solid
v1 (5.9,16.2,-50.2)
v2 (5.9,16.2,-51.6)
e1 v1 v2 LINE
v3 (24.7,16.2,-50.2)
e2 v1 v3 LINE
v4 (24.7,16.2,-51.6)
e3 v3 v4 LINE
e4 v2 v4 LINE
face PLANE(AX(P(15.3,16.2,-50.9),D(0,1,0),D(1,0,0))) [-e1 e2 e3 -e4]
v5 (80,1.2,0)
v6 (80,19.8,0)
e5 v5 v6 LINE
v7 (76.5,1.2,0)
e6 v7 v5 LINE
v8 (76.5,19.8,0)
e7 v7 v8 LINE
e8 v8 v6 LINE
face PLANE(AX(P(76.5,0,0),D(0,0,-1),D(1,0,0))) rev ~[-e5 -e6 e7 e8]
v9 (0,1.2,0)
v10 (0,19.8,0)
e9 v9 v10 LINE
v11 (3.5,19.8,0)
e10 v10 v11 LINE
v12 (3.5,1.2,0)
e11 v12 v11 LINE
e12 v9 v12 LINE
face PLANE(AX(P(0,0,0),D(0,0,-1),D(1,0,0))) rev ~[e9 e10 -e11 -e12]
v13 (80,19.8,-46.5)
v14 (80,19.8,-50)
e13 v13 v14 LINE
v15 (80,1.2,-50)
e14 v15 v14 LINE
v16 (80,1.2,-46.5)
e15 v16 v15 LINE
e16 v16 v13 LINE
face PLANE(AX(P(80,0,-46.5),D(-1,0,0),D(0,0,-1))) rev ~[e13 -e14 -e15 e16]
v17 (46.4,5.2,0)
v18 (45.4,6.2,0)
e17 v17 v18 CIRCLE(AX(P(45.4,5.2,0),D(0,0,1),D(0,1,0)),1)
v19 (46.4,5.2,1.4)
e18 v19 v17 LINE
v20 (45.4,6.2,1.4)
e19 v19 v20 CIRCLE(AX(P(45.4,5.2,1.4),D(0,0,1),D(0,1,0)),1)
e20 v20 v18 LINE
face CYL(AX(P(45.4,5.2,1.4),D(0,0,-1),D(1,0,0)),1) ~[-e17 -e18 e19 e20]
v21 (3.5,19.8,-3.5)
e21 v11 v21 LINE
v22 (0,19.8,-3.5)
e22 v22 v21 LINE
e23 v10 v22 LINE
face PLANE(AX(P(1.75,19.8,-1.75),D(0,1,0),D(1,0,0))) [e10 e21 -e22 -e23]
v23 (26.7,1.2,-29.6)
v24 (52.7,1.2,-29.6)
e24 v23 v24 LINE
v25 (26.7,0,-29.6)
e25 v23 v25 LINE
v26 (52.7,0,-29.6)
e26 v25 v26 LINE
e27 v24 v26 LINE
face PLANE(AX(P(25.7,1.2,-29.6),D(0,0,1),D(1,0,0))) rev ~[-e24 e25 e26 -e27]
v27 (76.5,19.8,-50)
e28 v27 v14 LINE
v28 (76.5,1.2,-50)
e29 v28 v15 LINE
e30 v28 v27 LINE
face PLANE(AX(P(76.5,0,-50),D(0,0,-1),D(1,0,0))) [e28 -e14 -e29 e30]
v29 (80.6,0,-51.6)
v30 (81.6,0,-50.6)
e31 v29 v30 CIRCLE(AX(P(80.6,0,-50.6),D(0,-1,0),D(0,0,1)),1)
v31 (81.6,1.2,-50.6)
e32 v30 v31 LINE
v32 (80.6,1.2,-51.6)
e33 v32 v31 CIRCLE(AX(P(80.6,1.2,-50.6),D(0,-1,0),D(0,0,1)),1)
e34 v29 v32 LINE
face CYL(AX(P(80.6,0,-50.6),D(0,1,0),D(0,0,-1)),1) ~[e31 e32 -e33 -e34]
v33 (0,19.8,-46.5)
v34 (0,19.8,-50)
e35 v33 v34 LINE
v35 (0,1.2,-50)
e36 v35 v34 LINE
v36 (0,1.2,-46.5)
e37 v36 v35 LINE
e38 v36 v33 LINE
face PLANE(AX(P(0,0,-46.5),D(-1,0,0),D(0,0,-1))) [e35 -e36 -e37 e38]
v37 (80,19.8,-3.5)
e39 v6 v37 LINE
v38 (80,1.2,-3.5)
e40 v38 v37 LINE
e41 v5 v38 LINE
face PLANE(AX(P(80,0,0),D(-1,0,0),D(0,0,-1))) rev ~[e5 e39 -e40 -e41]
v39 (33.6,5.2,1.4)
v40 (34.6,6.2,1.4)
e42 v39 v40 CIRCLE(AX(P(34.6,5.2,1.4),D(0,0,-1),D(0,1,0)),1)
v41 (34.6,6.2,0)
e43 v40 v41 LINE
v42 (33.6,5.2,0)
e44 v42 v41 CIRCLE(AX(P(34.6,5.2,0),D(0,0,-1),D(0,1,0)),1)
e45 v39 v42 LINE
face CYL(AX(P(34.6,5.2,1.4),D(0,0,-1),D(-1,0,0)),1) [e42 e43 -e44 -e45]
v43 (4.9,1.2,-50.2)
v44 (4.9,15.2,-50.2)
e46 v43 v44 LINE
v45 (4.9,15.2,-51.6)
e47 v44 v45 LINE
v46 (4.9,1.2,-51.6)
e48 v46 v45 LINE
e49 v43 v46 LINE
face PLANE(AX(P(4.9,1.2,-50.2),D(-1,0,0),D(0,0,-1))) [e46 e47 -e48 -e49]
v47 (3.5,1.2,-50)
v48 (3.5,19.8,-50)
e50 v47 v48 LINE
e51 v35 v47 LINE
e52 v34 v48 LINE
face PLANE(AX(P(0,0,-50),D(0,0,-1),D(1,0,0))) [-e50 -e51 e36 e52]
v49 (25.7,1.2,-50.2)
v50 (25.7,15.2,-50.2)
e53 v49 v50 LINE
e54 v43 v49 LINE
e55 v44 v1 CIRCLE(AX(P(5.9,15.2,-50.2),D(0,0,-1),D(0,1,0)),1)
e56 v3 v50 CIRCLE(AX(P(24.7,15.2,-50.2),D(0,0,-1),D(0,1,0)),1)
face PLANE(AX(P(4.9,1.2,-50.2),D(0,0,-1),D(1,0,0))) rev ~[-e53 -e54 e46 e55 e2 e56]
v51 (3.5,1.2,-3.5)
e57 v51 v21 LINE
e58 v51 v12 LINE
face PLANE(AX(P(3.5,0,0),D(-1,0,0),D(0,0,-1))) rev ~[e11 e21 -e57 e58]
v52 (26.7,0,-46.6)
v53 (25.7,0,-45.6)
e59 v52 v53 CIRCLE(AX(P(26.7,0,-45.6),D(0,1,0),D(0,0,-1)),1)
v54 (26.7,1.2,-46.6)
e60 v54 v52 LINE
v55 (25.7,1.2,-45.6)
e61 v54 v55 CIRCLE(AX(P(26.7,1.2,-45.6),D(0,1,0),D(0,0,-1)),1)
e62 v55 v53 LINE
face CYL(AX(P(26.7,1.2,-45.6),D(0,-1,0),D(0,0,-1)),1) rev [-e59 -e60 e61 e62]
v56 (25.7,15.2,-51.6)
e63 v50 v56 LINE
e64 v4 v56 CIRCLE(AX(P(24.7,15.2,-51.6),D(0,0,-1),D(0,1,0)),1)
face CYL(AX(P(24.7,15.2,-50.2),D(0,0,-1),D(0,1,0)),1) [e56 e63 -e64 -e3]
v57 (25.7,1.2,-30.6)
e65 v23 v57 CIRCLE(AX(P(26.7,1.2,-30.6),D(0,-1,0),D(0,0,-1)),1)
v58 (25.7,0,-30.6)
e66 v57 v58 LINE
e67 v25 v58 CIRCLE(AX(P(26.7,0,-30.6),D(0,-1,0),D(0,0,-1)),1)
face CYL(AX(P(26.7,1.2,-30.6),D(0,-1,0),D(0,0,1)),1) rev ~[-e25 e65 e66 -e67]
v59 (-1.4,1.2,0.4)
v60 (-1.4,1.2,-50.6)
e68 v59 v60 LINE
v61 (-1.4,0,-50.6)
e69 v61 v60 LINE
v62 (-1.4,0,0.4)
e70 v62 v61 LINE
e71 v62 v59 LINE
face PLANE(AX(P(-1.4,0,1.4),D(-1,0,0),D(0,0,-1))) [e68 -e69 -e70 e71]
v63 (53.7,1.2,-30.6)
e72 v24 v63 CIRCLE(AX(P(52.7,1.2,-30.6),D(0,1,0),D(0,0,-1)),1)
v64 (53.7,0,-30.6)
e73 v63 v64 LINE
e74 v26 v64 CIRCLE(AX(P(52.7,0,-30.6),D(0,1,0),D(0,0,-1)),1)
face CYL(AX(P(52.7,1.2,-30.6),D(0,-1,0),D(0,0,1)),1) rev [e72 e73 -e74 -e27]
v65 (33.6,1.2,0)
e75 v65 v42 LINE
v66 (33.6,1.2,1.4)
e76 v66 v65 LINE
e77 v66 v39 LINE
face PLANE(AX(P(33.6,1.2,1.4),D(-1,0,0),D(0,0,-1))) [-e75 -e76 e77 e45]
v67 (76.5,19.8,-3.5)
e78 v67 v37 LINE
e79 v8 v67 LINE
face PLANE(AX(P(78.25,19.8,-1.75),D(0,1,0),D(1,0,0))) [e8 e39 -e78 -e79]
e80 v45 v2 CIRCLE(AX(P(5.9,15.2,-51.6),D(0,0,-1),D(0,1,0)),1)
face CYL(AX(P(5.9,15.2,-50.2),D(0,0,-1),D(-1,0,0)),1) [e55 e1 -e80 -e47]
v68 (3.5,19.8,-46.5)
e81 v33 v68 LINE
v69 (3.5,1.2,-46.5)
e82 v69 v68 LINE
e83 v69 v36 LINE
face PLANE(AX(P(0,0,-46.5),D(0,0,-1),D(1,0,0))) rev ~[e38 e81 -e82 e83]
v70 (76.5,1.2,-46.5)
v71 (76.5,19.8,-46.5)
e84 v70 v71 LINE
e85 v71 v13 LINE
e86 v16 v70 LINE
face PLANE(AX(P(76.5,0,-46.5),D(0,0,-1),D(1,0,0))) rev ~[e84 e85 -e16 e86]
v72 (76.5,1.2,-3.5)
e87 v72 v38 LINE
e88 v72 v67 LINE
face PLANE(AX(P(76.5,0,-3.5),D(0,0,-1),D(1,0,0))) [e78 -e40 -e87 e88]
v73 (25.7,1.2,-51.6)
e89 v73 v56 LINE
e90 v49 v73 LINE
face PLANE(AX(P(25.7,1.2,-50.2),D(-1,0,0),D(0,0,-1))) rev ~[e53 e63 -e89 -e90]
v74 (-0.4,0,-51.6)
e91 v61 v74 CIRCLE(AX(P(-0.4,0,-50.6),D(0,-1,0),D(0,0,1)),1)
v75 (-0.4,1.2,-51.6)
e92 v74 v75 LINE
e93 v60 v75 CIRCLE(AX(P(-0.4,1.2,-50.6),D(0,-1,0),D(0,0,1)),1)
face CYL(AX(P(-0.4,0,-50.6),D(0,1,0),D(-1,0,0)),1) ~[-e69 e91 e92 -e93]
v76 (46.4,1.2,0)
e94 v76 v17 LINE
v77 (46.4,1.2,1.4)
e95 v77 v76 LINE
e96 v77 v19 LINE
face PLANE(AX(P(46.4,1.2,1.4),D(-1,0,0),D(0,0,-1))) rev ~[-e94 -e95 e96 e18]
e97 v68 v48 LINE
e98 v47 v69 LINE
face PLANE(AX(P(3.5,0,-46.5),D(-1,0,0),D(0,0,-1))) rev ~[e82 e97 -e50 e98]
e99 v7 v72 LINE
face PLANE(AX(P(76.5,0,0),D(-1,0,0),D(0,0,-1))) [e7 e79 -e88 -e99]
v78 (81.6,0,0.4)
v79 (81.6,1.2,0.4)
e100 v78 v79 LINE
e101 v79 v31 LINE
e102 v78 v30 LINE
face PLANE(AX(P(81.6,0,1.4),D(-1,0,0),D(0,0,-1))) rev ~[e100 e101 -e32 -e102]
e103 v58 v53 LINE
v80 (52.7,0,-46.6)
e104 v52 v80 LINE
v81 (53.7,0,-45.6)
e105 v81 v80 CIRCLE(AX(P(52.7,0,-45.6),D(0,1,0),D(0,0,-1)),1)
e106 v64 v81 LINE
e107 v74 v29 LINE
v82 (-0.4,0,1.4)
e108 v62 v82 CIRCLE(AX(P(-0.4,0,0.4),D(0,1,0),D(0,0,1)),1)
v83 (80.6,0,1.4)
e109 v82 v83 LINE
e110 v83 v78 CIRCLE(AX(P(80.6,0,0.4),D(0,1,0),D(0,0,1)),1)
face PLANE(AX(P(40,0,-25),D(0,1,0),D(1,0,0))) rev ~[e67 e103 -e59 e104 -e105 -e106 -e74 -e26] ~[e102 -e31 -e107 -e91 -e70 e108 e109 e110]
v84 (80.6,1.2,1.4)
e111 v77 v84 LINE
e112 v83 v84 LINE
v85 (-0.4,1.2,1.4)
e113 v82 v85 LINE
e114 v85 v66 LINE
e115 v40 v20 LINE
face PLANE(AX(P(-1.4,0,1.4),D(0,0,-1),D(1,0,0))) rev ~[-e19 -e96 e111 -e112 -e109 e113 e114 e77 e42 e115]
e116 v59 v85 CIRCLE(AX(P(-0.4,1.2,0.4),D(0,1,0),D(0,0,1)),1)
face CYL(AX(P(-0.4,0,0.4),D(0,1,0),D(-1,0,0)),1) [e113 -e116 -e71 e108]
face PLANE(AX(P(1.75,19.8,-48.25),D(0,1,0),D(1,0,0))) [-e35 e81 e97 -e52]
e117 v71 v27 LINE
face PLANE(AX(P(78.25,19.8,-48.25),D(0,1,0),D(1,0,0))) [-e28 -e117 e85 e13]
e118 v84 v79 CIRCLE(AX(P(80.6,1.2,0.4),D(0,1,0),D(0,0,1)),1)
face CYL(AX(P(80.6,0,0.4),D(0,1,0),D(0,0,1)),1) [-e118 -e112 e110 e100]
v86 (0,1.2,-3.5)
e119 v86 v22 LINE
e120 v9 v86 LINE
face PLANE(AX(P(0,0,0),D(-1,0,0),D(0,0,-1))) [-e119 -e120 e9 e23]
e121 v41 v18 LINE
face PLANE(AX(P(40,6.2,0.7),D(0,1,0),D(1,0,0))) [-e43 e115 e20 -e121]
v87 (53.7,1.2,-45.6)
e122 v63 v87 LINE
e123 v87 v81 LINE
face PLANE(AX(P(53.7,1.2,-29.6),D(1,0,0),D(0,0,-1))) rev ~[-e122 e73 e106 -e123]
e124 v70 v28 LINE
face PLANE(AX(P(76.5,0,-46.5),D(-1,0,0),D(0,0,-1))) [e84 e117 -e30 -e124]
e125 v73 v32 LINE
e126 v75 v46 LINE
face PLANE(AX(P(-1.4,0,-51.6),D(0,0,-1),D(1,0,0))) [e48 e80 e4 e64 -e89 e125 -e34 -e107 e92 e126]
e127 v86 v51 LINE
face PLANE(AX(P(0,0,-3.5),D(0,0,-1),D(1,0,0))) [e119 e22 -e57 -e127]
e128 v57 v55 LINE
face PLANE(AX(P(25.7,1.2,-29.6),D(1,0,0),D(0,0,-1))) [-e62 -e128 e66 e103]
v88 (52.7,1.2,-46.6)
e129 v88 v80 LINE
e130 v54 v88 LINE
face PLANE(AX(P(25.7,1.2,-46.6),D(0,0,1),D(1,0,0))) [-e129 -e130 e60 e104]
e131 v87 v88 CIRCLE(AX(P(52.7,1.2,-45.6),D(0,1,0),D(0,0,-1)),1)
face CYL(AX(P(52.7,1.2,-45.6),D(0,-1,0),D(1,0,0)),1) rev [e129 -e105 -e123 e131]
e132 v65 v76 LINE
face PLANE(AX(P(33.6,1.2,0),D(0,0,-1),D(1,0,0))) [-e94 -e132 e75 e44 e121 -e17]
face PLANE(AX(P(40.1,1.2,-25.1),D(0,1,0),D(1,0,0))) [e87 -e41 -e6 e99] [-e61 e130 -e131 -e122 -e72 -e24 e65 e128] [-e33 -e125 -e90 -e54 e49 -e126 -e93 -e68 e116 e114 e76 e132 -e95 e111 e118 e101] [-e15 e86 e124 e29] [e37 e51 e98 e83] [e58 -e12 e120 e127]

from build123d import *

# Parameters (mm, degrees)
SKETCH_1_W          = 83
SKETCH_1_H          = 53
EXTRUDE_1_DEPTH     = 1.2
SKETCH_1_4_W        = 3.5
SKETCH_1_4_H        = 3.5
EXTRUDE_2_DEPTH     = 19.8
EXTRUDE_3_DEPTH     = 1.2
SKETCH_3_W          = 20.8
SKETCH_3_H          = 1.4
EXTRUDE_4_DEPTH     = 15
SKETCH_4_W          = 12.8
SKETCH_4_H          = 1.4
EXTRUDE_5_DEPTH     = 5
SKETCH_5_W          = 28
SKETCH_5_H          = 17
CUT_EXTRUDE_1_DEPTH = 5
FILLET_2_R          = 1
FILLET_3_R          = 1
FILLET_4_R          = 1


with BuildPart() as part:
    # 草图1 → 凸台-拉伸1 (new body)
    with BuildSketch(Plane(origin=(0, 0, 0), x_dir=(1, 0, 0), z_dir=(0, 1, 0))):
        with Locations((40.1, 25.1)):
            Rectangle(SKETCH_1_W, SKETCH_1_H)
        Polygon((3.5, 0), (0, 0), (0, 3.5), (0, 46.5), (0, 50), (3.5, 50), (76.5, 50), (80, 50), (80, 46.5), (80, 3.5), (80, 0), (76.5, 0), align=None, mode=Mode.SUBTRACT)
    extrude(amount=EXTRUDE_1_DEPTH)

    # 草图1<4> → 凸台-拉伸2 (add)
    with BuildSketch(Plane(origin=(0, 0, 0), x_dir=(1, 0, 0), z_dir=(0, 1, 0))):
        with Locations((1.75, 1.75)):
            Rectangle(SKETCH_1_4_W, SKETCH_1_4_H)
        with Locations((78.25, 1.75)):
            Rectangle(SKETCH_1_4_W, SKETCH_1_4_H)
        with Locations((1.75, 48.25)):
            Rectangle(SKETCH_1_4_W, SKETCH_1_4_H)
        with Locations((78.25, 48.25)):
            Rectangle(SKETCH_1_4_W, SKETCH_1_4_H)
    extrude(amount=EXTRUDE_2_DEPTH)

    # 草图1<5> → 凸台-拉伸3 (add)
    with BuildSketch(Plane(origin=(0, 0, 0), x_dir=(1, 0, 0), z_dir=(0, 1, 0))):
        Polygon((3.5, 3.5), (3.5, 0), (76.5, 0), (76.5, 3.5), (80, 3.5), (80, 46.5), (76.5, 46.5), (76.5, 50), (3.5, 50), (3.5, 46.5), (0, 46.5), (0, 3.5), align=None)
    extrude(amount=EXTRUDE_3_DEPTH)

    # 草图3 → 凸台-拉伸4 (add)
    with BuildSketch(Plane(origin=(0, 1.2, 0), x_dir=(1, 0, 0), z_dir=(0, 1, 0))):
        with Locations((15.3, 50.9)):
            Rectangle(SKETCH_3_W, SKETCH_3_H)
    extrude(amount=EXTRUDE_4_DEPTH)

    # 草图4 → 凸台-拉伸5 (add)
    with BuildSketch(Plane(origin=(0, 1.2, 0), x_dir=(1, 0, 0), z_dir=(0, 1, 0))):
        with Locations((40, -0.7)):
            Rectangle(SKETCH_4_W, SKETCH_4_H)
    extrude(amount=EXTRUDE_5_DEPTH)

    # 草图5 → 切除-拉伸1 (cut)
    with BuildSketch(Plane(origin=(0, 1.2, 0), x_dir=(1, 0, 0), z_dir=(0, 1, 0))):
        with Locations((39.7, 38.1)):
            Rectangle(SKETCH_5_W, SKETCH_5_H)
    extrude(amount=-CUT_EXTRUDE_1_DEPTH, mode=Mode.SUBTRACT)

    # 圆角2
    fillet_2_edges = [part.edges().sort_by_distance(p)[0] for p in [
        (81.6, 0.6, -51.6),
        (81.6, 0.6, 1.4),
        (-1.4, 0.6, -51.6),
        (-1.4, 0.6, 1.4),
        (53.7, 0.6, -29.6),
        (25.7, 0.6, -29.6),
        (25.7, 0.6, -46.6),
        (53.7, 0.6, -46.6),
    ]]
    fillet(fillet_2_edges, radius=FILLET_2_R)

    # 圆角3
    fillet_3_edges = [part.edges().sort_by_distance(p)[0] for p in [
        (4.9, 16.2, -50.9),
        (25.7, 16.2, -50.9),
    ]]
    fillet(fillet_3_edges, radius=FILLET_3_R)

    # 圆角4
    fillet_4_edges = [part.edges().sort_by_distance(p)[0] for p in [
        (46.4, 6.2, 0.7),
        (33.6, 6.2, 0.7),
    ]]
    fillet(fillet_4_edges, radius=FILLET_4_R)


solid = part.part
